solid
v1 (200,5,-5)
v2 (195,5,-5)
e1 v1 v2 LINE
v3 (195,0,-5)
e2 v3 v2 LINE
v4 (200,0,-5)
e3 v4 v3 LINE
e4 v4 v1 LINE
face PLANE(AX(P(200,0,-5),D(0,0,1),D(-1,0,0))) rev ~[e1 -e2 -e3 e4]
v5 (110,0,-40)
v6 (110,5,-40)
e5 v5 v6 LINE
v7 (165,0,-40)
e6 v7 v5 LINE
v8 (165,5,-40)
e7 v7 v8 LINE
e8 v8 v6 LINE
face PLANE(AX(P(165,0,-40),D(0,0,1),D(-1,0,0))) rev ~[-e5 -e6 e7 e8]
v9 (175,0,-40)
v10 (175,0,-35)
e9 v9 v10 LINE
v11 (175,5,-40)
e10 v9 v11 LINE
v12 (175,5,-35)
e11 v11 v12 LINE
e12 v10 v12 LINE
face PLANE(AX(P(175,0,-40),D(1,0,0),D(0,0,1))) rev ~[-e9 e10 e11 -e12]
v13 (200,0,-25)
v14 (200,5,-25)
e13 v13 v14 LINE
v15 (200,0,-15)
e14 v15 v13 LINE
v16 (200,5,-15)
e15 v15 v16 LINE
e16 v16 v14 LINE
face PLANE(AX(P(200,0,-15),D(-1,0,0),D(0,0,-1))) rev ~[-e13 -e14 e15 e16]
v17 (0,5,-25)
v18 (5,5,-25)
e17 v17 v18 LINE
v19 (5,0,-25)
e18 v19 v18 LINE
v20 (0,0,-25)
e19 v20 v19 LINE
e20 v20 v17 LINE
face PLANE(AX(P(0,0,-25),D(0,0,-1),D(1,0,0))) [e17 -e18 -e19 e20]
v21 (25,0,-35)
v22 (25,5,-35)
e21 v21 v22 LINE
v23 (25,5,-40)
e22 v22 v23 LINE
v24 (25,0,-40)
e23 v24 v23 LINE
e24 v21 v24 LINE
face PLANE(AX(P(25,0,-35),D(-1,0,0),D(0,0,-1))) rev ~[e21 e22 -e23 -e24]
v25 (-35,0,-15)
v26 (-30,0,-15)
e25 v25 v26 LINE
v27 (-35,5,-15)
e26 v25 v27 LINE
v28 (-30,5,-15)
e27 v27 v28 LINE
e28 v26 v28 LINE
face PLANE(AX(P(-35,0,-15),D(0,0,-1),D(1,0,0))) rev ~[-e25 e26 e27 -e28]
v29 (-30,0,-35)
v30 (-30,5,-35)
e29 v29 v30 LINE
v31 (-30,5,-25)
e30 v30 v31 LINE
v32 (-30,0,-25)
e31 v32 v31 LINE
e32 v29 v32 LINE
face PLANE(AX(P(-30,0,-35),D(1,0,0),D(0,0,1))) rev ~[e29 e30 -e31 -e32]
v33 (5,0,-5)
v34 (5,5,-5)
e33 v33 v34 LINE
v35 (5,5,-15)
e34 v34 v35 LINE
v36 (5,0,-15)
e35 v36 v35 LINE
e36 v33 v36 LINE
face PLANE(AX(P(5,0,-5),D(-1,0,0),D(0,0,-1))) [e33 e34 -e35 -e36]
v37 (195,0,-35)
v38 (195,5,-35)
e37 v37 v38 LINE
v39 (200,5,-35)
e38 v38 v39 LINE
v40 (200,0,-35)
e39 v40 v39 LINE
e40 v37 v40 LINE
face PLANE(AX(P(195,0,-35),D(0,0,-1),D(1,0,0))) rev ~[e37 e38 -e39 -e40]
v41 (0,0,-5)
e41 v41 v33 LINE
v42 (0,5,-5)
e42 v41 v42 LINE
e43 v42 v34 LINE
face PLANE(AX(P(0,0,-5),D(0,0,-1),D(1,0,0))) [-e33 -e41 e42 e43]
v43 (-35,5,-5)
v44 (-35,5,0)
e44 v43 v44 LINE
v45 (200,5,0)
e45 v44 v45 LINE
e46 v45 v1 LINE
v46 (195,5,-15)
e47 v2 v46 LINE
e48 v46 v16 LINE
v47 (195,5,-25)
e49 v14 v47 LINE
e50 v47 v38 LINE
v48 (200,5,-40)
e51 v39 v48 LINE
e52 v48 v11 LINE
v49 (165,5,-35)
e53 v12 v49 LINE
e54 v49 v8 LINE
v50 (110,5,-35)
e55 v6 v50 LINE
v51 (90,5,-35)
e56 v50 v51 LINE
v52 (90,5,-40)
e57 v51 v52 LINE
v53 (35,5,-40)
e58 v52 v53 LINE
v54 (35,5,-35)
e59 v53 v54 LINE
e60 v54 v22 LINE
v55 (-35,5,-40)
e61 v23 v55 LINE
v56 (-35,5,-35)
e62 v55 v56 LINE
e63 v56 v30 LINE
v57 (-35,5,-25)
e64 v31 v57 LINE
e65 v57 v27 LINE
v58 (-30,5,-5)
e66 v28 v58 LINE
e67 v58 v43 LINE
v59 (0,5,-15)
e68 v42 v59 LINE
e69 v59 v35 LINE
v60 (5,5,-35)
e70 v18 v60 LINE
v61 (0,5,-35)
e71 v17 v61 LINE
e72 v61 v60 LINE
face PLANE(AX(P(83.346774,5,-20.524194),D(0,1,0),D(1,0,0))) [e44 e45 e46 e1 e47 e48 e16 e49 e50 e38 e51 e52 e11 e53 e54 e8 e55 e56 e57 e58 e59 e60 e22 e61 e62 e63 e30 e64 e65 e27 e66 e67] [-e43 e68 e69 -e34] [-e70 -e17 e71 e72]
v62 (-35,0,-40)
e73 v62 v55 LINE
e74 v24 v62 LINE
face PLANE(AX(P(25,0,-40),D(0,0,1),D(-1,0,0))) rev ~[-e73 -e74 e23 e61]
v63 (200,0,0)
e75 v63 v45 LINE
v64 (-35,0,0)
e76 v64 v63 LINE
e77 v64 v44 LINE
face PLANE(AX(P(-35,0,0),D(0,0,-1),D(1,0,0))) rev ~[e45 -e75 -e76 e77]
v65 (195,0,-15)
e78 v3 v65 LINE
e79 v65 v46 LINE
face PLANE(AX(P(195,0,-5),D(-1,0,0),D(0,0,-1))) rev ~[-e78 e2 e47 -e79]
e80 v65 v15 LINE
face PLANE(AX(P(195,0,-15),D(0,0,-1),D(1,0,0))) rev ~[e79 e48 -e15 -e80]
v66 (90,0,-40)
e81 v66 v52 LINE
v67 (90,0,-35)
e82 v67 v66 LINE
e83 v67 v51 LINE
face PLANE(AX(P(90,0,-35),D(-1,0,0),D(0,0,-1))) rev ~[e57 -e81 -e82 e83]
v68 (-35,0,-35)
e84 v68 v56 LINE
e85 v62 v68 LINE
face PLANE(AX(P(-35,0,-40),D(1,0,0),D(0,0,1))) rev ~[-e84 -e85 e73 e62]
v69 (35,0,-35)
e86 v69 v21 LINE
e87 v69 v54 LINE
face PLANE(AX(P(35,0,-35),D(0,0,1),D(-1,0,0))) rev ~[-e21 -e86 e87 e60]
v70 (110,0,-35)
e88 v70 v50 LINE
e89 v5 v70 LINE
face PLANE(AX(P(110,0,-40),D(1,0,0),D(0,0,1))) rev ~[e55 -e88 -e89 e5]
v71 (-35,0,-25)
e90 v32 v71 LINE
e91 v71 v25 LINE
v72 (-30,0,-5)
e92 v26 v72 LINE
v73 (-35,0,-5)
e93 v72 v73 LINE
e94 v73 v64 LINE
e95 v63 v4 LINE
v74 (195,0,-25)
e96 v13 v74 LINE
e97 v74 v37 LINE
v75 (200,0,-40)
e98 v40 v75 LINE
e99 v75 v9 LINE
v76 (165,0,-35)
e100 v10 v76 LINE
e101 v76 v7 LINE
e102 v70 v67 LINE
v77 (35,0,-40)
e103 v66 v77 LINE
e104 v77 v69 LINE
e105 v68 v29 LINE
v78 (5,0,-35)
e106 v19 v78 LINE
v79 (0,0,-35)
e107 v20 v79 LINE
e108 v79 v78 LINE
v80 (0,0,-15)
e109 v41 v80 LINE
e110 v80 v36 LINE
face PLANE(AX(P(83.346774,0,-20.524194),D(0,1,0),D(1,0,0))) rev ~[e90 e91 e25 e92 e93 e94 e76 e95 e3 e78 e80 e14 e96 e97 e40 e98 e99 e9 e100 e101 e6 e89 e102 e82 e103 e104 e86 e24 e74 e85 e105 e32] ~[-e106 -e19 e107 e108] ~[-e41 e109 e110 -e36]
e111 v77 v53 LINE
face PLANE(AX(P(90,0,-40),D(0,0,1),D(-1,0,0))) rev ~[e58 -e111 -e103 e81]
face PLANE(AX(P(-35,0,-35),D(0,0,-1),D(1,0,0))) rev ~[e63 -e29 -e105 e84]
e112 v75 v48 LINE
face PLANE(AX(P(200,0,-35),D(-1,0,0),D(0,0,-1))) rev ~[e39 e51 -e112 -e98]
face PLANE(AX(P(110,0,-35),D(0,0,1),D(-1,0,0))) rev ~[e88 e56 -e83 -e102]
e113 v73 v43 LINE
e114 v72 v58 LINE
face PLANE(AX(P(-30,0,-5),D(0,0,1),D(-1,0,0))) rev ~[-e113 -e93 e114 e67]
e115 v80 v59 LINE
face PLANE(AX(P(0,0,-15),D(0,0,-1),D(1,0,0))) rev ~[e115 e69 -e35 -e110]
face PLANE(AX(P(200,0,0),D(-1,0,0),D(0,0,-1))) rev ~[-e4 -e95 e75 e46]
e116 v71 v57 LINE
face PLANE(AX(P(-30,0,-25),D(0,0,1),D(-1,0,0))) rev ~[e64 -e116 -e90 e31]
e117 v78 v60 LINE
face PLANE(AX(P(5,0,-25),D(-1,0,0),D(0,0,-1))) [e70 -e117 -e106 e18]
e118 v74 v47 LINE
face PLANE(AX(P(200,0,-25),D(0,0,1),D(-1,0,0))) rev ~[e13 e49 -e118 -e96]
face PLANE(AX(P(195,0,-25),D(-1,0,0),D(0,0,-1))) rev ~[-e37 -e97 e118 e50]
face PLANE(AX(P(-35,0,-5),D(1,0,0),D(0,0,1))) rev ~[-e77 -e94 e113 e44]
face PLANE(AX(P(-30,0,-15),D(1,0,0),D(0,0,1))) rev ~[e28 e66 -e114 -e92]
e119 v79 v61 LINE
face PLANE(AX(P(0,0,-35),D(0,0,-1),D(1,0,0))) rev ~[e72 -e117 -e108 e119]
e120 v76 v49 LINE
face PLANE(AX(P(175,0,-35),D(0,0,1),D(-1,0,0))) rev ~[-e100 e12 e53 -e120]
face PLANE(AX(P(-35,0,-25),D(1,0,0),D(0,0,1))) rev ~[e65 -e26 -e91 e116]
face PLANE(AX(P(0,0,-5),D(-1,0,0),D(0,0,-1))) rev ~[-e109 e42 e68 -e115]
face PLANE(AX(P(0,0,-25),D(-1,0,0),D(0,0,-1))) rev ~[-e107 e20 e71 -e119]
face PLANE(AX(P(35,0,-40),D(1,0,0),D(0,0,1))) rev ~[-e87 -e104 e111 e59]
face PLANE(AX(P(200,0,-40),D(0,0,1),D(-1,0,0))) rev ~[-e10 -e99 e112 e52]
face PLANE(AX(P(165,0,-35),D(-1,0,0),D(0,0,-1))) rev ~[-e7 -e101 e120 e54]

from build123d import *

# Parameters (mm, degrees)
SKETCH_1_W      = 5
SKETCH_1_H      = 10
EXTRUDE_1_DEPTH = 5


with BuildPart() as part:
    # 草图1 → 凸台-拉伸1 (new body)
    with BuildSketch(Plane(origin=(0, 0, 0), x_dir=(1, 0, 0), z_dir=(0, 1, 0))):
        Polygon((0, 0), (200, 0), (200, 5), (195, 5), (195, 15), (200, 15), (200, 25), (195, 25), (195, 35), (200, 35), (200, 40), (175, 40), (175, 35), (165, 35), (165, 40), (110, 40), (110, 35), (90, 35), (90, 40), (35, 40), (35, 35), (25, 35), (25, 40), (0, 40), (-35, 40), (-35, 35), (-30, 35), (-30, 25), (-35, 25), (-35, 15), (-30, 15), (-30, 5), (-35, 5), (-35, 0), align=None)
        with Locations((2.5, 30)):
            Rectangle(SKETCH_1_W, SKETCH_1_H, mode=Mode.SUBTRACT)
        with Locations((2.5, 10)):
            Rectangle(SKETCH_1_W, SKETCH_1_H, mode=Mode.SUBTRACT)
    extrude(amount=EXTRUDE_1_DEPTH)


solid = part.part
